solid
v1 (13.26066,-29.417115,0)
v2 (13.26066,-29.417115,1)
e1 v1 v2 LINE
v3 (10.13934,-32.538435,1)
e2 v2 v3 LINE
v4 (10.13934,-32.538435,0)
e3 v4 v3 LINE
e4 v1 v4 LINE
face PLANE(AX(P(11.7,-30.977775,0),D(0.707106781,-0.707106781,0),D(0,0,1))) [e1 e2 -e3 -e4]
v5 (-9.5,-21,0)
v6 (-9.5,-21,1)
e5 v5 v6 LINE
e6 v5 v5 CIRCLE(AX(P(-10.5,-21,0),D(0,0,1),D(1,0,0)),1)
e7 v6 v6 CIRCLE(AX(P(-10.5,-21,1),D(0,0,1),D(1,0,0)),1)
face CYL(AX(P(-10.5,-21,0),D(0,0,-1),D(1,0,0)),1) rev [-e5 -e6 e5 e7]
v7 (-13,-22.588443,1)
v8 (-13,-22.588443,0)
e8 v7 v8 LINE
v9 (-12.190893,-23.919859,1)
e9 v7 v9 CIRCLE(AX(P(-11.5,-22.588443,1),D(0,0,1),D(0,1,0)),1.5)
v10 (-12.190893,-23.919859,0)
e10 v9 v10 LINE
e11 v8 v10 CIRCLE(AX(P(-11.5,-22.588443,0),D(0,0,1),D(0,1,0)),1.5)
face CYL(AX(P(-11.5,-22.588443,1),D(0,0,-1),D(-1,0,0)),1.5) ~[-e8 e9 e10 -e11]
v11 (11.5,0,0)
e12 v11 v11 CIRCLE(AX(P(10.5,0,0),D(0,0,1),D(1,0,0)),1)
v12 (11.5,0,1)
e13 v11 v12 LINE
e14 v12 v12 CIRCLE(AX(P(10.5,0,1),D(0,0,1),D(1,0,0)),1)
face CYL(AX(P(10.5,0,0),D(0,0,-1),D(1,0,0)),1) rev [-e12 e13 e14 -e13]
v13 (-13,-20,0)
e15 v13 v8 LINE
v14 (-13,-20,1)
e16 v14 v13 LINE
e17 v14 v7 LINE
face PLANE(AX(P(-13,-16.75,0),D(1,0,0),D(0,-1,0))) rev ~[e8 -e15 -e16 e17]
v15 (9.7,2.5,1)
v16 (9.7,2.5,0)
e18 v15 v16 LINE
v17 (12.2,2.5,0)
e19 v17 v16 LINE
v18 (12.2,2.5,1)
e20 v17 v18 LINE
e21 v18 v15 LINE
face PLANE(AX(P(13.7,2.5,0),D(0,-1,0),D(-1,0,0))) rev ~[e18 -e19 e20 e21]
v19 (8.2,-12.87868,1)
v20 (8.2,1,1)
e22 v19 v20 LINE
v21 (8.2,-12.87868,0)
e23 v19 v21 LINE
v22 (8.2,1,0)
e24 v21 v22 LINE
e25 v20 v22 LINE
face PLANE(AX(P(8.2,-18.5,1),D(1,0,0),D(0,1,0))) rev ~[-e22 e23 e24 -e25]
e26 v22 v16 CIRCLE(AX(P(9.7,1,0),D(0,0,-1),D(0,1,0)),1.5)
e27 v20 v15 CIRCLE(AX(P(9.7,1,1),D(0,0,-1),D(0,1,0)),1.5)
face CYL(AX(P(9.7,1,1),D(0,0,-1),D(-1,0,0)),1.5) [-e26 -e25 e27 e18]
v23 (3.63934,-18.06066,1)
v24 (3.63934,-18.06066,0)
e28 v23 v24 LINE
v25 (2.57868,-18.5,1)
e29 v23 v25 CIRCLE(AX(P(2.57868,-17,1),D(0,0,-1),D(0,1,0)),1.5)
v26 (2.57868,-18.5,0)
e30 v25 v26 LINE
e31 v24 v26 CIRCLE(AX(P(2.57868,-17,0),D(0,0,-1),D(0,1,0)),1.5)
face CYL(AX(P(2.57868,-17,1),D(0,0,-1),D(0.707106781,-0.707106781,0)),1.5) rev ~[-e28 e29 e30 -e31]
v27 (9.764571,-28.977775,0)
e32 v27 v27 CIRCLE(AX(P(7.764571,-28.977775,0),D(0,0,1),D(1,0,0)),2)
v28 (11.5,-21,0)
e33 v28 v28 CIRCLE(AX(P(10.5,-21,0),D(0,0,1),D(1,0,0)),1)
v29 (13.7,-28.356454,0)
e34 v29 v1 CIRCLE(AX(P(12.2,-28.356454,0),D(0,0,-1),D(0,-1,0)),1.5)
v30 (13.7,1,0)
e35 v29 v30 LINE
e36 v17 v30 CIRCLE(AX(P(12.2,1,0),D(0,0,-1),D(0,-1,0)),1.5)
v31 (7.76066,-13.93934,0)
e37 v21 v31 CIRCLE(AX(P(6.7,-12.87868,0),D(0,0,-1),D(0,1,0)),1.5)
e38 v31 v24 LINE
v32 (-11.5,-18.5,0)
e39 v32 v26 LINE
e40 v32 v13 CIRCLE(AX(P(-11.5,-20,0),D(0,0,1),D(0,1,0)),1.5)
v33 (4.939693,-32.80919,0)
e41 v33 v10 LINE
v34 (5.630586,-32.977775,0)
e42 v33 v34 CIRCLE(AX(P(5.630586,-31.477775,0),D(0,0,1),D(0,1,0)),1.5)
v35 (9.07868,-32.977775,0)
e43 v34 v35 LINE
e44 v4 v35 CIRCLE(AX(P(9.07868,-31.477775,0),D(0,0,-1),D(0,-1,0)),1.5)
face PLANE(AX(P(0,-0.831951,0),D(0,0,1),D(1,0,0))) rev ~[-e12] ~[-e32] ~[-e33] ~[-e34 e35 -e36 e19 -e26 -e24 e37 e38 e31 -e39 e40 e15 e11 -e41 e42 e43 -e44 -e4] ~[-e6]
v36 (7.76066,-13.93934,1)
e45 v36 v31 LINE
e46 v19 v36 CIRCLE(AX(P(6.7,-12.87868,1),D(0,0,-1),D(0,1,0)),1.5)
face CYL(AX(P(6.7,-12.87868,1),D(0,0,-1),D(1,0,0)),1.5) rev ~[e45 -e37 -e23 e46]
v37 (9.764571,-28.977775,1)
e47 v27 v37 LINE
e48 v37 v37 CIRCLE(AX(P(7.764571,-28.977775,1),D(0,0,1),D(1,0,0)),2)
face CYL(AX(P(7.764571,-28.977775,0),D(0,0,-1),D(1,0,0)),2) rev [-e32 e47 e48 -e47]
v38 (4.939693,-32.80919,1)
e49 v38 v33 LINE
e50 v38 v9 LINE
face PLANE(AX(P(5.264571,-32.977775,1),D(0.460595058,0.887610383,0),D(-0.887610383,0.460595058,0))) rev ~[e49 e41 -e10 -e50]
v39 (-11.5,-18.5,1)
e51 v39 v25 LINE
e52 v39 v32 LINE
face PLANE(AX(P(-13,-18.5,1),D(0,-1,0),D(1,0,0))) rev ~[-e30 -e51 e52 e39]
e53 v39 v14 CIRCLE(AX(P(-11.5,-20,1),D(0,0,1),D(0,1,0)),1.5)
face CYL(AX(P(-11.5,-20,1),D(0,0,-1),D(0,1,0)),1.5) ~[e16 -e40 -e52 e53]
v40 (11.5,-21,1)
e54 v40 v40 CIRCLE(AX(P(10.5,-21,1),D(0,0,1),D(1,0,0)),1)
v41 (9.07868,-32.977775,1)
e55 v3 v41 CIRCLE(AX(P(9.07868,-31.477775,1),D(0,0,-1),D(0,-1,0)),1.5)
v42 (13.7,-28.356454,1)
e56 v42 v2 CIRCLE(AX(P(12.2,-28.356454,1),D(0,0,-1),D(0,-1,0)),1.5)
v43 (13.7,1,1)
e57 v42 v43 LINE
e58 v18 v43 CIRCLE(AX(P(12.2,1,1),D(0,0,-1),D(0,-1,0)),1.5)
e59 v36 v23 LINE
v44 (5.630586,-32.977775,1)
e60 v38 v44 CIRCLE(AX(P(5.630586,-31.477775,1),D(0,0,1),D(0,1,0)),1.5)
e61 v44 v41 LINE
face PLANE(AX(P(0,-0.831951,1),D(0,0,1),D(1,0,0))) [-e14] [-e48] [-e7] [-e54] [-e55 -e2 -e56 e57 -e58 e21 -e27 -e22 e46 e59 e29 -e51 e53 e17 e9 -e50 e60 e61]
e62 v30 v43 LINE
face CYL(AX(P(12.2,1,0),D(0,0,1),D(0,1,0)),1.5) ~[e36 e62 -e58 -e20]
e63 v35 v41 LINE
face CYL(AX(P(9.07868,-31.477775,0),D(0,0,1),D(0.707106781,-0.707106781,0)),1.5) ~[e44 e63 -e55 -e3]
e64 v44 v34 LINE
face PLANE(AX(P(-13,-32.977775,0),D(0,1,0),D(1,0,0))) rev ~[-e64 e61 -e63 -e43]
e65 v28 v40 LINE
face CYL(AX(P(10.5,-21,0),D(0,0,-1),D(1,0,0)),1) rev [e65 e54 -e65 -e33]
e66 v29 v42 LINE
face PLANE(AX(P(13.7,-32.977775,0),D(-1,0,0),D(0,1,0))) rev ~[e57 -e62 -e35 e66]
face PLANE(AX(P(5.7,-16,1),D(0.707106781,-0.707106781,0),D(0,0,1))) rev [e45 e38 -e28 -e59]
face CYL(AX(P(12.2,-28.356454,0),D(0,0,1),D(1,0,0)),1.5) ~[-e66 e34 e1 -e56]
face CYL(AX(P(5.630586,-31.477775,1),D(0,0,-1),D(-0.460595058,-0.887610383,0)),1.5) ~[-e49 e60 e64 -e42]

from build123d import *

# Parameters (mm, degrees)
F0_R     = 1
F0_R_2   = 2
F1_DEPTH = 1
F2_R     = 1
F3_DEPTH = 1
F4_SIZE  = 4
F5_SIZE  = 5
F6_R     = 1.5


with BuildPart() as f1:
    # F0 (on Top) → F1 (new body)
    with BuildSketch(Plane.XY):
        with BuildLine():
            Line((-6.25, 2.5), (-6.25, 0))
            ThreePointArc((-6.25, 0), (0, -6.25), (6.25, 0))
            Line((6.25, 0), (6.25, 2.5))
            Line((6.25, 2.5), (-6.25, 2.5))
        make_face()
        with BuildLine():
            ThreePointArc((6.25, 0), (0, -6.25), (-6.25, 0))
            Line((-6.25, 0), (-6.25, 2.5))
            Line((-6.25, 2.5), (-13, 2.5))
            Line((-13, 2.5), (-13, -4.25))
            Line((-13, -4.25), (-10.5, -4.25))
            ThreePointArc((-10.5, -4.25), (-4.25, -10.5), (-10.5, -16.75))
            Line((-10.5, -16.75), (-13, -16.75))
            Line((-13, -16.75), (-13, -32.9777747887))
            Line((-13, -32.9777747887), (13.7, -32.9777747887))
            Line((13.7, -32.9777747887), (13.7, 2.5))
            Line((13.7, 2.5), (6.25, 2.5))
            Line((6.25, 2.5), (6.25, 0))
        make_face()
        with Locations((-10.5, -21)):
            Circle(F0_R, mode=Mode.SUBTRACT)
        with Locations((7.7645713531, -28.9777747887)):
            Circle(F0_R_2, mode=Mode.SUBTRACT)
        with Locations((10.5, -21)):
            Circle(F0_R, mode=Mode.SUBTRACT)
        with Locations((-10.5, 0)):
            Circle(F0_R, mode=Mode.SUBTRACT)
        with Locations((10.5, 0)):
            Circle(F0_R, mode=Mode.SUBTRACT)
    extrude(amount=F1_DEPTH)

    # F2 (on face) → F3 (cut, through all)
    with BuildSketch(Plane.XY.offset(1)):
        Polygon((5.2645713531, -32.9777747887), (-13, -23.5), (-13, -32.9777747887), align=None)
        with BuildLine():
            Line((-13, -16.75), (-13, -18.5))
            Line((-13, -18.5), (8.2, -18.5))
            Line((8.2, -18.5), (8.2, 2.5))
            Line((8.2, 2.5), (-13, 2.5))
            Line((-13, 2.5), (-13, -4.25))
            Line((-13, -4.25), (-10.5, -4.25))
            ThreePointArc((-10.5, -4.25), (-4.25, -10.5), (-10.5, -16.75))
            Line((-10.5, -16.75), (-13, -16.75))
        make_face()
        with Locations((-10.5, 0)):
            Circle(F2_R, mode=Mode.SUBTRACT)
    extrude(amount=-F3_DEPTH, mode=Mode.SUBTRACT)

    # F4
    f4_edges = [f1.edges().sort_by_distance(p)[0] for p in [
        (13.7, -32.977775, 0.5),
    ]]
    chamfer(f4_edges, length=F4_SIZE)

    # F5
    f5_edges = [f1.edges().sort_by_distance(p)[0] for p in [
        (8.2, -18.5, 0.5),
    ]]
    chamfer(f5_edges, length=F5_SIZE)

    # F6
    f6_edges = [f1.edges().sort_by_distance(p)[0] for p in [
        (-13, -23.5, 0.5),
        (5.264571, -32.977775, 0.5),
        (9.7, -32.977775, 0.5),
        (13.7, -28.977775, 0.5),
        (8.2, -13.5, 0.5),
        (3.2, -18.5, 0.5),
        (-13, -18.5, 0.5),
        (13.7, 2.5, 0.5),
        (8.2, 2.5, 0.5),
    ]]
    fillet(f6_edges, radius=F6_R)


solid = f1.part
